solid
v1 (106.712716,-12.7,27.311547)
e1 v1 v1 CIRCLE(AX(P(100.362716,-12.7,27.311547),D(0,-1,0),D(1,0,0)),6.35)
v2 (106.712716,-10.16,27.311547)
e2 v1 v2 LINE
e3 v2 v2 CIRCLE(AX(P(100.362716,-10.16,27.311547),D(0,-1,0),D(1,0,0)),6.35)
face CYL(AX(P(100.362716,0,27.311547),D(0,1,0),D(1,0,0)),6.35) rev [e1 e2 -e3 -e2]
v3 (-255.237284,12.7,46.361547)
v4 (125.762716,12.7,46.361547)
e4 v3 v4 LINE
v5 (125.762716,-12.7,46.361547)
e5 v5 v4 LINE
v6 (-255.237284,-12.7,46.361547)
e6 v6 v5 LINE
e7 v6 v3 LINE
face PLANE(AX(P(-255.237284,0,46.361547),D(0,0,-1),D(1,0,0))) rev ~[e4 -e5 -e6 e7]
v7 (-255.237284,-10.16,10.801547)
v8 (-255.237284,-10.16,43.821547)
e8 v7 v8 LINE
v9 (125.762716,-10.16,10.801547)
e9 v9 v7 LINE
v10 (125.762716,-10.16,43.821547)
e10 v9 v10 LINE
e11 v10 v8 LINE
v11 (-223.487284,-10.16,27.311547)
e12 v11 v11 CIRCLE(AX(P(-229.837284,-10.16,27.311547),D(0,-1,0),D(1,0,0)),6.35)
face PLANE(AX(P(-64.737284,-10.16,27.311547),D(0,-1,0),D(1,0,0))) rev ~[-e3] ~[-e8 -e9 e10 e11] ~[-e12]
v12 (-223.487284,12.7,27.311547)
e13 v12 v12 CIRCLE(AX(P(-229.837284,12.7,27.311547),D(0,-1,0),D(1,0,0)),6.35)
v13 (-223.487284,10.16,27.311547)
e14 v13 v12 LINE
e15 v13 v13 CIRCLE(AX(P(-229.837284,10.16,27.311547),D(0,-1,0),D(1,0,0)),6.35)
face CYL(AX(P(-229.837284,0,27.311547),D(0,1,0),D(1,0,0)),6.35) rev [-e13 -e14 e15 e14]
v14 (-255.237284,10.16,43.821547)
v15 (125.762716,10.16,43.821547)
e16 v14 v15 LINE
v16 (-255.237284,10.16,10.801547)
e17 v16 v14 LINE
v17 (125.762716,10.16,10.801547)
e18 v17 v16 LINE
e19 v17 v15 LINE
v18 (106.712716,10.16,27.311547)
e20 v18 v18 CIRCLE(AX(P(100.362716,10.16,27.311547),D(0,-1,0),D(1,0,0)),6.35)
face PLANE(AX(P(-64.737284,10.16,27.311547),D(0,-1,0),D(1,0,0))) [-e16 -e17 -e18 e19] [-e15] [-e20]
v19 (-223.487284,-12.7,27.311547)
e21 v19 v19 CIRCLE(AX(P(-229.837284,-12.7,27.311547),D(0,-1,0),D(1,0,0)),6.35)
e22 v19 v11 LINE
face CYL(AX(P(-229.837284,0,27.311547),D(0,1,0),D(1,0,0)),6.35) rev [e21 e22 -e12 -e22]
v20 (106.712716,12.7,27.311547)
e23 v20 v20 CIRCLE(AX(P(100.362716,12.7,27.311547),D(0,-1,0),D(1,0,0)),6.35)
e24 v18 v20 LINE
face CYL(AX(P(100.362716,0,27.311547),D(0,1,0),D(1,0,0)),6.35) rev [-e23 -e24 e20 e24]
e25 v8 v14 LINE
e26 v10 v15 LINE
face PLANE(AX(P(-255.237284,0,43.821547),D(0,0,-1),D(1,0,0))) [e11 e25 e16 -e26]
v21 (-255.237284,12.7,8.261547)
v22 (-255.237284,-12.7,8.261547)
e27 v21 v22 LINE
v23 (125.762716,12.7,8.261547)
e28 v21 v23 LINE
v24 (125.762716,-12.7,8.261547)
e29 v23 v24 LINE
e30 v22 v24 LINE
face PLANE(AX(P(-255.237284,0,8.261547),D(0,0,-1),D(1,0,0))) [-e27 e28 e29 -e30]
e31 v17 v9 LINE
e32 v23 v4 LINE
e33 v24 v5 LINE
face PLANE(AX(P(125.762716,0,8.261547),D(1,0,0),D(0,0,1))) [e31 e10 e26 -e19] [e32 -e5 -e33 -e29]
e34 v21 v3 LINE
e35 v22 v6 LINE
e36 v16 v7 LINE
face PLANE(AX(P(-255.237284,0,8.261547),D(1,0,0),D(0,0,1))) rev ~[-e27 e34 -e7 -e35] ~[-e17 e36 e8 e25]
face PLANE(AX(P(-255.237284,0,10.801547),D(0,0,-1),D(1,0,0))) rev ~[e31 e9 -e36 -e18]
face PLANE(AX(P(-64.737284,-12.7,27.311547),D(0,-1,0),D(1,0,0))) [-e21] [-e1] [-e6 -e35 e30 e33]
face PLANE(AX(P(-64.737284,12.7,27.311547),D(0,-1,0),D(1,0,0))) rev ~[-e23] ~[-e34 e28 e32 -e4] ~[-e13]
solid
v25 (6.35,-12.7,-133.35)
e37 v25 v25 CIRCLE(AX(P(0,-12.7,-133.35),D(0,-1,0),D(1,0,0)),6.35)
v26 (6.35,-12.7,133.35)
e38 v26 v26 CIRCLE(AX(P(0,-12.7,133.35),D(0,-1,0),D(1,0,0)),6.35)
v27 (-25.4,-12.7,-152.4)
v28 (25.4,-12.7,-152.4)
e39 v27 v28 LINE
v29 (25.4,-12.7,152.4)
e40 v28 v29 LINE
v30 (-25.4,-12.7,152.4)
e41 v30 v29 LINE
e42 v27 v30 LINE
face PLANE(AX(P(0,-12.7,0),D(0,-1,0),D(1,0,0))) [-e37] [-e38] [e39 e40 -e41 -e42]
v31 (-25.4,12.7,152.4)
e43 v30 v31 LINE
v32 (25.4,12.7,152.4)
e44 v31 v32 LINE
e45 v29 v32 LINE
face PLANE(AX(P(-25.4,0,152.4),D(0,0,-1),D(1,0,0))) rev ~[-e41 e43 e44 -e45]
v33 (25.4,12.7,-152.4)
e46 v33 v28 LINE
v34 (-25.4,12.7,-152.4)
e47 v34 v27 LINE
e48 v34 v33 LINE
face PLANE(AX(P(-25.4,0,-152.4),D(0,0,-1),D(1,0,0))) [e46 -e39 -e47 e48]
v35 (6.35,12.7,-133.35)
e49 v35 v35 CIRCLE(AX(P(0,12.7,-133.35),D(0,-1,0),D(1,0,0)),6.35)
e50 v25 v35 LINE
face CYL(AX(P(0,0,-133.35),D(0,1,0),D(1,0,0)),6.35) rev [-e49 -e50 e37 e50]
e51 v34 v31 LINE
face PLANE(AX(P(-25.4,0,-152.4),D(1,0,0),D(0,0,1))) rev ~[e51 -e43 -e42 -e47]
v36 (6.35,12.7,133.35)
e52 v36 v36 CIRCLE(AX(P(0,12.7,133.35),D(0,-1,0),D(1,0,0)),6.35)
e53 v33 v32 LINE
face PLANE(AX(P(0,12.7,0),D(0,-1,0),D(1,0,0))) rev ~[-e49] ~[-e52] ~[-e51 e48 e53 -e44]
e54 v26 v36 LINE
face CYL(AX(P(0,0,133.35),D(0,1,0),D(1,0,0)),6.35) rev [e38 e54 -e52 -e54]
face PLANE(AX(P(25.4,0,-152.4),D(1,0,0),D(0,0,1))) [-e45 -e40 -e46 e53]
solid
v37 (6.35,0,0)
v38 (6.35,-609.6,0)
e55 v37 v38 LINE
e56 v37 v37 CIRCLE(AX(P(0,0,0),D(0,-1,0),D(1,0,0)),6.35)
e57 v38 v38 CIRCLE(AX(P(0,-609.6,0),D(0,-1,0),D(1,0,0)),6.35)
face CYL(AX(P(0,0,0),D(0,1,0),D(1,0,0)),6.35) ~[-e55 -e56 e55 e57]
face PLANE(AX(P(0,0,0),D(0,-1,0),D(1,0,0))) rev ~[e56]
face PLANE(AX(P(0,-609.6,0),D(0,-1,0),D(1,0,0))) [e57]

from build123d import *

# Parameters (mm, degrees)
F0_W     = 50.8
F0_H     = 304.8
F0_R     = 6.35
F1_DEPTH = 12.7
F2_W     = 381
F2_H     = 38.1
F2_R     = 6.35
F3_DEPTH = 12.7
F4_T     = -2.54
F5_R     = 6.35
F6_DEPTH = 609.6


with BuildPart() as f1:
    # F0 (on Front) → F1 (new body, symmetric)
    with BuildSketch(Plane.XZ):
        Rectangle(F0_W, F0_H)
        with Locations((0, -133.35)):
            Circle(F0_R, mode=Mode.SUBTRACT)
        with Locations((0, 133.35)):
            Circle(F0_R, mode=Mode.SUBTRACT)
    extrude(amount=F1_DEPTH, both=True)


with BuildPart() as f3:
    # F2 (on Front) → F3 (new body, symmetric)
    with BuildSketch(Plane.XZ):
        with Locations((-64.737284, 27.311547)):
            Rectangle(F2_W, F2_H)
        with Locations((-229.837284, 27.311547)):
            Circle(F2_R, mode=Mode.SUBTRACT)
        with Locations((100.362716, 27.311547)):
            Circle(F2_R, mode=Mode.SUBTRACT)
    extrude(amount=F3_DEPTH, both=True)

    # F4
    f4_openings = [f3.faces().sort_by_distance(p)[0] for p in [
        (-255.237284, 0, 27.311547),
        (-236.187284, 0, 27.311547),
        (125.762716, 0, 27.311547),
        (94.012716, 0, 27.311547),
    ]]
    offset(amount=F4_T, openings=f4_openings)


with BuildPart() as f6:
    # F5 (on Front) → F6 (new body)
    with BuildSketch(Plane.XZ):
        Circle(F5_R)
    extrude(amount=F6_DEPTH)


solid = Compound([f1.part, f3.part, f6.part])
